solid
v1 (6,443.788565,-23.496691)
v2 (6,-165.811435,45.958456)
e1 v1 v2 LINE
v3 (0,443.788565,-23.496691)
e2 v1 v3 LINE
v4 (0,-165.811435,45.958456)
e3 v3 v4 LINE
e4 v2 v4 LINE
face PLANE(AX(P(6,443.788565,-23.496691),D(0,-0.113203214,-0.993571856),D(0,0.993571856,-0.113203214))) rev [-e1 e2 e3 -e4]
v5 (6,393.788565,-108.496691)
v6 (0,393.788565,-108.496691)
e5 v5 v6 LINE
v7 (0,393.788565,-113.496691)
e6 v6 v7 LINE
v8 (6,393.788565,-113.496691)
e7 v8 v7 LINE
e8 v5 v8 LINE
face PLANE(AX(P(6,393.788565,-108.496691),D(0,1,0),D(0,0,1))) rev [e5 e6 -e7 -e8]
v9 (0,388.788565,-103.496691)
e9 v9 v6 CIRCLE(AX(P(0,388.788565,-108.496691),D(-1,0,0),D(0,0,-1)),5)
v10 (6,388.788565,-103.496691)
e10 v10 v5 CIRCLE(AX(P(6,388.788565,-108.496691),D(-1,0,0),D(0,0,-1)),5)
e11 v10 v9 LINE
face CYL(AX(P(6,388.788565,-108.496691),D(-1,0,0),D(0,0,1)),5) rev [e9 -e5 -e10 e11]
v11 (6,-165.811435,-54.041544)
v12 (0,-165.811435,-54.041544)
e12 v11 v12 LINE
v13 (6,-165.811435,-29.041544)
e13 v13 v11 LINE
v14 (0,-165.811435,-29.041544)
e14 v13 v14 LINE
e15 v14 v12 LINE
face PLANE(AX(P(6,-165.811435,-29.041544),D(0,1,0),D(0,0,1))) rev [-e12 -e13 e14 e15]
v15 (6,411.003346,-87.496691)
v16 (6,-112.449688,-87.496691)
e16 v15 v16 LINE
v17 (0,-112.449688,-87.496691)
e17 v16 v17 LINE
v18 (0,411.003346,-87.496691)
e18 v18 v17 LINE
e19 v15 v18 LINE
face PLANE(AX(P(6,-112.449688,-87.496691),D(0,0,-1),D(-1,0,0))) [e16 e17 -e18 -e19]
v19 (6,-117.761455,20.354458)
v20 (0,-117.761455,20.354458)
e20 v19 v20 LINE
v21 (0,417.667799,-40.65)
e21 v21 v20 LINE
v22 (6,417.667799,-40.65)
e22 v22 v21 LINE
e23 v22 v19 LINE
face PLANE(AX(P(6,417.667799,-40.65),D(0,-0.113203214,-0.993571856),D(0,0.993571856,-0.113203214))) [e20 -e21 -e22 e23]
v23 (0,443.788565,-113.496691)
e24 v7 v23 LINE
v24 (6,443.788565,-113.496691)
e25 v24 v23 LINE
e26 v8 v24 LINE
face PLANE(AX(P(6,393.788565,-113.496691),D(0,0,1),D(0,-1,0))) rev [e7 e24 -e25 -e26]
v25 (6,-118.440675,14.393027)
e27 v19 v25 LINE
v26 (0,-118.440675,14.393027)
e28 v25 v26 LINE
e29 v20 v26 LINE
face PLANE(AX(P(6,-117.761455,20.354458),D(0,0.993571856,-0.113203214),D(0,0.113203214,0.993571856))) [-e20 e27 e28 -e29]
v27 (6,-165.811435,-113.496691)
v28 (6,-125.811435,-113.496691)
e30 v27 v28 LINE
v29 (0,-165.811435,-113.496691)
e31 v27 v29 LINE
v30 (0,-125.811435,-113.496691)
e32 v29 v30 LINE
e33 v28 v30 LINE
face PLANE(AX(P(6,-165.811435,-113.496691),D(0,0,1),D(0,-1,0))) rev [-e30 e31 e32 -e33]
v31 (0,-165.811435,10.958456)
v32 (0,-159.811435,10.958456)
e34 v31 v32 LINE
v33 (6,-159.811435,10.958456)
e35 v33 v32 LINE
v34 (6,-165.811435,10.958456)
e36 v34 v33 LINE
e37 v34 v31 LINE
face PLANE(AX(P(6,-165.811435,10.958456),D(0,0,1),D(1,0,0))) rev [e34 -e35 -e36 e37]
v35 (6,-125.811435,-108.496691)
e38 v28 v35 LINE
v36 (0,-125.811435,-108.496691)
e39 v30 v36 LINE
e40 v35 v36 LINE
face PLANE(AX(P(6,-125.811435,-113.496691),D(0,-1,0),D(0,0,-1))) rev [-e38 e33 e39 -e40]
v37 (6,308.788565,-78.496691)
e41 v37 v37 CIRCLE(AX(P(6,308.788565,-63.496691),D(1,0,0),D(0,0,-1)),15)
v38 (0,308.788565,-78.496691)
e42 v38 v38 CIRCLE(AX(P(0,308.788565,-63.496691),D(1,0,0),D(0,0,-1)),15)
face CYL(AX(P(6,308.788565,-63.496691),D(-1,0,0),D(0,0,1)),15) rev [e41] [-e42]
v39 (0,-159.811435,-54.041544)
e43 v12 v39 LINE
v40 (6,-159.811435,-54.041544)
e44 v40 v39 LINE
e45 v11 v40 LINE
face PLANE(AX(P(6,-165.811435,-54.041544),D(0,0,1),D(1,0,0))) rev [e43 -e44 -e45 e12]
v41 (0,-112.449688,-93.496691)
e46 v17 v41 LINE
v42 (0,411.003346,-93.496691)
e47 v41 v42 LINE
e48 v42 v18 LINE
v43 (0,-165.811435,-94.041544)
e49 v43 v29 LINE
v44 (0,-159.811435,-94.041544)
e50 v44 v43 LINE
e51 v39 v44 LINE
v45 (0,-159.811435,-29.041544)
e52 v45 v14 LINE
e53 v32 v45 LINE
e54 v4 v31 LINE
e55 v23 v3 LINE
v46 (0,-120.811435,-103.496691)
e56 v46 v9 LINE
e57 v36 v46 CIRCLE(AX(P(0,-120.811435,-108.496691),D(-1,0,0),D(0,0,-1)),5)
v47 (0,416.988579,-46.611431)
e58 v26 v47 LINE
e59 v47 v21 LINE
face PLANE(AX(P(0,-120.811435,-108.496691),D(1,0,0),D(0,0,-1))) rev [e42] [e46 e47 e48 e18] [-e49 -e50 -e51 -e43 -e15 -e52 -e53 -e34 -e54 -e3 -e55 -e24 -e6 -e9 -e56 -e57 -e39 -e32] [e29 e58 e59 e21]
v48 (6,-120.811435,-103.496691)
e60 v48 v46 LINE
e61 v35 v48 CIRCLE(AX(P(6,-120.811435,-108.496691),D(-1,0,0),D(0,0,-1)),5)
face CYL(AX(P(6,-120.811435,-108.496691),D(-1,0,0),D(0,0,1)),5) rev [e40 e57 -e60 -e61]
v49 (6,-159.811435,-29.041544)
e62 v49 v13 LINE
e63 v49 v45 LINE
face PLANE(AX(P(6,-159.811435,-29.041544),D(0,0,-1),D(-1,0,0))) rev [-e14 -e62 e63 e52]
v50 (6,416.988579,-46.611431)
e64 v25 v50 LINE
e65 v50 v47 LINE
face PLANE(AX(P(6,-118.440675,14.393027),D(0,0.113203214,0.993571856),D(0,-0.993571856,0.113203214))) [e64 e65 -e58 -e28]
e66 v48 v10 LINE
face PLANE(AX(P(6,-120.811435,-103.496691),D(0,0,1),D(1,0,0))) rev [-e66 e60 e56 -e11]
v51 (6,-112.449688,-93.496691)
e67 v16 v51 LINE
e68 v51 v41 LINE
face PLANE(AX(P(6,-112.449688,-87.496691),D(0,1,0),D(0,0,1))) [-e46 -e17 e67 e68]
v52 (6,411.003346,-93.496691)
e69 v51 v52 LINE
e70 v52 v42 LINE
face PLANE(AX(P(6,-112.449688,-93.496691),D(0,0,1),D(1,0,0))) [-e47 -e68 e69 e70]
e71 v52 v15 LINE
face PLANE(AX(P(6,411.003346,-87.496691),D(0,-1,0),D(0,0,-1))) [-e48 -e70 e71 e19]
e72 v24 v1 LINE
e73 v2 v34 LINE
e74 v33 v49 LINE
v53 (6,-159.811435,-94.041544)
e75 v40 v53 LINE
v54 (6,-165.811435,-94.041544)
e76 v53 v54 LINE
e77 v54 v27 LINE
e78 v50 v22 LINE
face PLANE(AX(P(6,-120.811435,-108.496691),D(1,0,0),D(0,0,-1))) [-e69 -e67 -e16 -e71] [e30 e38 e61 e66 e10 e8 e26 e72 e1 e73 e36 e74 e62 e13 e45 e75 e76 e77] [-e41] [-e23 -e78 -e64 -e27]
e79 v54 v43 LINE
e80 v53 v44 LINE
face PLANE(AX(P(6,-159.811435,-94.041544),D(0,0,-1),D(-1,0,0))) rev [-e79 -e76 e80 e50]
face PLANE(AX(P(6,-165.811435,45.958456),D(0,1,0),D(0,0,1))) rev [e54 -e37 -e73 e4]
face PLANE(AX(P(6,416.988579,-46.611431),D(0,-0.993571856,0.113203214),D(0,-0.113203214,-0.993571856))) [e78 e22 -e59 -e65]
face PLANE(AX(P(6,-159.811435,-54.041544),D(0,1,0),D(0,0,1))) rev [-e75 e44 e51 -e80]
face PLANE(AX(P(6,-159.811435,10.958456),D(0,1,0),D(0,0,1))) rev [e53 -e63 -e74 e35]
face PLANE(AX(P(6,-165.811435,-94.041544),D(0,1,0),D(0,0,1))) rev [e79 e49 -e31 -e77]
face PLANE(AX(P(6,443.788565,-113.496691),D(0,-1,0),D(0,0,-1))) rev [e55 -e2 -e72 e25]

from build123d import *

# Parameters (mm, degrees)
SKETCH1_R           = 15
SKETCH1_W           = 523.453034516
SKETCH1_H           = 6
BOSS_EXTRUDE1_DEPTH = 6


with BuildPart() as part:
    # Sketch1 → Boss-Extrude1 (new body)
    with BuildSketch(Plane.YZ):
        with BuildLine():
            Line((-165.811435327, 45.958456005), (-165.811435327, 10.958456005))
            Line((-165.811435327, 10.958456005), (-159.811435327, 10.958456005))
            Line((-159.811435327, 10.958456005), (-159.811435327, -29.041543995))
            Line((-159.811435327, -29.041543995), (-165.811435327, -29.041543995))
            Line((-165.811435327, -29.041543995), (-165.811435327, -54.041543995))
            Line((-165.811435327, -54.041543995), (-159.811435327, -54.041543995))
            Line((-159.811435327, -54.041543995), (-159.811435327, -94.041543995))
            Line((-159.811435327, -94.041543995), (-165.811435327, -94.041543995))
            Line((-165.811435327, -94.041543995), (-165.811435327, -113.496690816))
            Line((-165.811435327, -113.496690816), (-125.811435327, -113.496690816))
            Line((-125.811435327, -113.496690816), (-125.811435327, -108.496690816))
            ThreePointArc((-125.811435327, -108.496690816), (-124.346969233, -104.96115691), (-120.811435327, -103.496690816))
            Line((-120.811435327, -103.496690816), (388.788564673, -103.496690816))
            ThreePointArc((388.788564673, -103.496690816), (392.324098579, -104.96115691), (393.788564673, -108.496690816))
            Line((393.788564673, -108.496690816), (393.788564673, -113.496690816))
            Line((393.788564673, -113.496690816), (443.788564673, -113.496690816))
            Line((443.788564673, -113.496690816), (443.788564673, -23.496690816))
            Line((443.788564673, -23.496690816), (-165.811435327, 45.958456005))
        make_face()
        with Locations(Location((308.788564673, -63.496690816, 0), (0, 0, 270))):
            Circle(SKETCH1_R, mode=Mode.SUBTRACT)
        Polygon((-117.76145538, 20.354457657), (-118.440674663, 14.393026523), (416.988579422, -46.611431244), (417.667798704, -40.65000011), align=None, mode=Mode.SUBTRACT)
        with Locations((149.276829124, -90.496690816)):
            Rectangle(SKETCH1_W, SKETCH1_H, mode=Mode.SUBTRACT)
    extrude(amount=BOSS_EXTRUDE1_DEPTH)


solid = part.part
